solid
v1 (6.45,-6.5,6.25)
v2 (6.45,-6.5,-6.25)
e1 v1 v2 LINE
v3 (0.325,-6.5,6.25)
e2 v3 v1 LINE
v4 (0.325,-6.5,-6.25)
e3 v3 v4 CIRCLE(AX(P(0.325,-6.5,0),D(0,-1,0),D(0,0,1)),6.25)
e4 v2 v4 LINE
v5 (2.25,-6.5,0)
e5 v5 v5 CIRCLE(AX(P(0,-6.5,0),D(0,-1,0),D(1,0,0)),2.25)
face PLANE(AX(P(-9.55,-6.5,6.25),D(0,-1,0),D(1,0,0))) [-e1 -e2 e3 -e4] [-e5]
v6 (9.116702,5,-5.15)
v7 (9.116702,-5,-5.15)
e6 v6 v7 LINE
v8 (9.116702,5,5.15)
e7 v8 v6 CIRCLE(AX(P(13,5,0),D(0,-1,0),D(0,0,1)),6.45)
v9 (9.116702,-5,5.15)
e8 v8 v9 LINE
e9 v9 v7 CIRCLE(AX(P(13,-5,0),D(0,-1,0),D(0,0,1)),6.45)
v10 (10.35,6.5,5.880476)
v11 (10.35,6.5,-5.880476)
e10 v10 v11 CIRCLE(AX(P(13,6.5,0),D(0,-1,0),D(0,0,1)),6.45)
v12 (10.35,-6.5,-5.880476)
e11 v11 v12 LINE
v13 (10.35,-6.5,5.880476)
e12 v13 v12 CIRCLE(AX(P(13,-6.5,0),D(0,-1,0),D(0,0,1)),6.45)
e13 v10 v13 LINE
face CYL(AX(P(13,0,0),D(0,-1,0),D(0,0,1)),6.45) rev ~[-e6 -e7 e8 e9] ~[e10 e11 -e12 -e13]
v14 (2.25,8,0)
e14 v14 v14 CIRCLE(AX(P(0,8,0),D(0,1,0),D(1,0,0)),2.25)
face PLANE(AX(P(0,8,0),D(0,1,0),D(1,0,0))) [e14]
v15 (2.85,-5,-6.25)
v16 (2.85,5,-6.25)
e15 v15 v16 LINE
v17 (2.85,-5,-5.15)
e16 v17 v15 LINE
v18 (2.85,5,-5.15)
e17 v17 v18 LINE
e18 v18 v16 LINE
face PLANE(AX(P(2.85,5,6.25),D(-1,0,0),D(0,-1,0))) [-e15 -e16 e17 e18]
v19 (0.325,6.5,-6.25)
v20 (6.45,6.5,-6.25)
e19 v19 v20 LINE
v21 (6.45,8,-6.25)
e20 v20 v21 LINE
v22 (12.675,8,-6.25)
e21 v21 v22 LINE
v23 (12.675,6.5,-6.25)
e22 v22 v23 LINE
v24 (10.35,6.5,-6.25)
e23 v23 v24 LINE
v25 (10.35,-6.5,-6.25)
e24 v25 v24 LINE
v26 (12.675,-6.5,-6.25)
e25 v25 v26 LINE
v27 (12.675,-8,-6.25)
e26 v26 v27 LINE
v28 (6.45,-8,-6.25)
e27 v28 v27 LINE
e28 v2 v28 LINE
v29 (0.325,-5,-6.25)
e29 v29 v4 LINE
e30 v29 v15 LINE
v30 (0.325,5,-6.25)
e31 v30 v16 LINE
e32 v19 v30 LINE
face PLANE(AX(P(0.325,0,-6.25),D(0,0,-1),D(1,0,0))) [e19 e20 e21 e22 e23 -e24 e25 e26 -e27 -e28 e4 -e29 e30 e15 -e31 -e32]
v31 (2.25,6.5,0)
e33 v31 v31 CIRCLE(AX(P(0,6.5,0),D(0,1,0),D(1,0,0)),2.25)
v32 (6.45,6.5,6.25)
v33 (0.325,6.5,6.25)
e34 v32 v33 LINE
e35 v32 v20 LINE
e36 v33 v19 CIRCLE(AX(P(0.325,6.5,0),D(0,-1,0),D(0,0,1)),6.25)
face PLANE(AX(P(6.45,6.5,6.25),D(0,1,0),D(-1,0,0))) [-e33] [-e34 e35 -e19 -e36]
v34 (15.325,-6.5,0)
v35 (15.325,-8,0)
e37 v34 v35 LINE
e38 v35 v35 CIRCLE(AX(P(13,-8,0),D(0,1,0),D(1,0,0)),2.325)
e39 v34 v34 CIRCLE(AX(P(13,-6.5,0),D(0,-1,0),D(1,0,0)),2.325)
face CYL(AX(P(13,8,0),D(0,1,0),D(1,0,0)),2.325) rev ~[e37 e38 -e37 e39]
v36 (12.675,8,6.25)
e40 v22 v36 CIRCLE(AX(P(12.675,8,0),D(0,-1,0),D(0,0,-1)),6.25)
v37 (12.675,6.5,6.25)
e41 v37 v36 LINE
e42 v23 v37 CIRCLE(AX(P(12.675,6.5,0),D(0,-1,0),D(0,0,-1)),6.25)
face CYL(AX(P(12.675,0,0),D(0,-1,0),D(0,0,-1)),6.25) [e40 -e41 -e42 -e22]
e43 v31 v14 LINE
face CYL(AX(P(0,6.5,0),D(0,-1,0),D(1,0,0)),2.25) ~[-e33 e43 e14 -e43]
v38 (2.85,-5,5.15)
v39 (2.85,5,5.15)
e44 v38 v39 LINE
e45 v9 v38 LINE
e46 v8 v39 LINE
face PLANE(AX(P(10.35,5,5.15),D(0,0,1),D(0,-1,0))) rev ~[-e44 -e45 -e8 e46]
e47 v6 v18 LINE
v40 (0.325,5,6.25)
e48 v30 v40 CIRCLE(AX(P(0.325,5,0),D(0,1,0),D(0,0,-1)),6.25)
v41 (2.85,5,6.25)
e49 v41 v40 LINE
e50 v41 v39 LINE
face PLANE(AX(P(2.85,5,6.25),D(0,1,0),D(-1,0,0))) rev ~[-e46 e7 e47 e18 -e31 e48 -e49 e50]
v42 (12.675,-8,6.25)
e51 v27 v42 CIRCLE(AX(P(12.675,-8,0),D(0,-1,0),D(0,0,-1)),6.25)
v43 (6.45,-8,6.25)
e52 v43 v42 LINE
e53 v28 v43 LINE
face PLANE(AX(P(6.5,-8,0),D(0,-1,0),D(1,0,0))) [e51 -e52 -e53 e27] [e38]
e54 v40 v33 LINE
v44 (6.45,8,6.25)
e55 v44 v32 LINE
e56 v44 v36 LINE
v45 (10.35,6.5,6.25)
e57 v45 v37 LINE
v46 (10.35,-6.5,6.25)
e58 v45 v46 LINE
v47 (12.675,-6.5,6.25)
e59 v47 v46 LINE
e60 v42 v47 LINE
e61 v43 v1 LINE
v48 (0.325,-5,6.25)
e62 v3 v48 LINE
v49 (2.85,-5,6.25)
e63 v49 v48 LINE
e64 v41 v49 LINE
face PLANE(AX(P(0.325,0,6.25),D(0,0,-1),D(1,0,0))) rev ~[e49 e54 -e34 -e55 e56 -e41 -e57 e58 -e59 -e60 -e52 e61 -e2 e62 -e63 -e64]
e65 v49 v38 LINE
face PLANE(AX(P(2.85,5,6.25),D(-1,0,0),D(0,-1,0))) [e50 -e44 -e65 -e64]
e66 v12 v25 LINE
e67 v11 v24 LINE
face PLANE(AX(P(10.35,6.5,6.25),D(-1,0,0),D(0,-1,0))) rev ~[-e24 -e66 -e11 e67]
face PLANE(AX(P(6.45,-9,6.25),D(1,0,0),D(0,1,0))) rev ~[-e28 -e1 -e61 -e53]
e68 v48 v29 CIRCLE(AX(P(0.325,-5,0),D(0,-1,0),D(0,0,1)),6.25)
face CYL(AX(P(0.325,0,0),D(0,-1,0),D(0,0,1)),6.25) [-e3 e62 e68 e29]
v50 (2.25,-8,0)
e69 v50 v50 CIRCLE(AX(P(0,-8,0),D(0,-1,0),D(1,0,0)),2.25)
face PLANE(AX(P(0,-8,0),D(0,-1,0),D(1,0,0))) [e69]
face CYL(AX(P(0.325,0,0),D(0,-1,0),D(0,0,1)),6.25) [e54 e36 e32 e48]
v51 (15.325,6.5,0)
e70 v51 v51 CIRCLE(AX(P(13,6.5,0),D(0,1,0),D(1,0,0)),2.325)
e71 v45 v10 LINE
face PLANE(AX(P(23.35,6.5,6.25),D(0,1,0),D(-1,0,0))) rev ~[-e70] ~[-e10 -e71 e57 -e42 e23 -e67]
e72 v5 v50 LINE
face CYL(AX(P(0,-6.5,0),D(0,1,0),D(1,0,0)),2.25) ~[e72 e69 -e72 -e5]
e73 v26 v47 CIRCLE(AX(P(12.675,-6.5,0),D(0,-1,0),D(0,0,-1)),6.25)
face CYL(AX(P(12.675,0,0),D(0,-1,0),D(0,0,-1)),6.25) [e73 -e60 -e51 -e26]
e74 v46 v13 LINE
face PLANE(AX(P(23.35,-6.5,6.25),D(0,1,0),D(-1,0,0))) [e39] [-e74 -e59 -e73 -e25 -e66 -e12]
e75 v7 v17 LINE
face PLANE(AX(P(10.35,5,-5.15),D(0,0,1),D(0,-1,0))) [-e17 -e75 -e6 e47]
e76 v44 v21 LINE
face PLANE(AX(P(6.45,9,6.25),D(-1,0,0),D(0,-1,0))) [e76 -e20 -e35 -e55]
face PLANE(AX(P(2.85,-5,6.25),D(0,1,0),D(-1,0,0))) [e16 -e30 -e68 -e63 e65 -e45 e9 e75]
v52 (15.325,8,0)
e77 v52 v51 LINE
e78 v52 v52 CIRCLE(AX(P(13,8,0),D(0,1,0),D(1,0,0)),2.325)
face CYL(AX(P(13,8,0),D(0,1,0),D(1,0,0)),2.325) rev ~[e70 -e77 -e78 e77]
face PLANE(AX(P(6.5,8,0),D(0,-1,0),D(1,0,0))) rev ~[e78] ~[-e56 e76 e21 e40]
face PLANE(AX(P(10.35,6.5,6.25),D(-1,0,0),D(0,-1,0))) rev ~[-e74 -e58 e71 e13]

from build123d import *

# Parameters (mm, degrees)
PAD001005_DEPTH = 6.5
PAD001007_DEPTH = 8
SKETCH034_W     = 16
SKETCH034_H     = 2.5
POCKET024_DEPTH = 12.501
SKETCH036_W     = 10
SKETCH036_H     = 10
POCKET025_DEPTH = 12.501
SKETCH035_W     = 13
SKETCH035_H     = 13
POCKET026_DEPTH = 12.501
SKETCH033_R     = 2.25
PAD001006_DEPTH = 1.5
SKETCH032_R     = 2.25
PAD001004_DEPTH = 1.5
SKETCH006_R     = 2.325
POCKET023_DEPTH = 16.001
SKETCH030_W     = 10.3
SKETCH030_H     = 10
POCKET022_DEPTH = 16.276


with BuildPart() as inner_room_male:
    # Sketch029 → Pad001005 (new body, symmetric)
    with BuildSketch(Plane.XZ):
        with BuildLine():
            ThreePointArc((13, 6.45), (6.55, 0), (13, -6.45))
            Line((13, 6.45), (13, -6.45))
        make_face()
    extrude(amount=PAD001005_DEPTH, both=True)


with BuildPart() as cable_chain_link:
    # Sketch031 → Pad001007 (new body, symmetric)
    with BuildSketch(Plane.XZ):
        with BuildLine():
            ThreePointArc((0.325, 6.25), (-5.925, 0), (0.325, -6.25))
            Line((0.325, -6.25), (12.675, -6.25))
            ThreePointArc((12.675, -6.25), (18.925, 0), (12.675, 6.25))
            Line((0.325, 6.25), (12.675, 6.25))
        make_face()
    extrude(amount=PAD001007_DEPTH, both=True)

    # Sketch034 (on Face4 of Pad001007) → Pocket024 (cut, through all)
    with BuildSketch(Plane(origin=(0, 0, 6.25), x_dir=(-1, 0, 0), z_dir=(0, 0, 1))):
        Polygon((9.55, 8), (9.55, 6.5), (-6.45, 6.5), (-6.45, 8), (-6.45, 9), (9.55, 9), align=None)
        with Locations((1.55, -7.75)):
            Rectangle(SKETCH034_W, SKETCH034_H)
    extrude(amount=-POCKET024_DEPTH, mode=Mode.SUBTRACT)

    # Sketch036 (on Face5 of Pocket024) → Pocket025 (cut, through all)
    with BuildSketch(Plane(origin=(0, 0, 6.25), x_dir=(-1, 0, 0), z_dir=(0, 0, 1))):
        with Locations((2.15, 0)):
            Rectangle(SKETCH036_W, SKETCH036_H)
    extrude(amount=-POCKET025_DEPTH, mode=Mode.SUBTRACT)

    # Sketch035 (on Face4 of Pocket025) → Pocket026 (cut, through all)
    with BuildSketch(Plane(origin=(0, 0, 6.25), x_dir=(-1, 0, 0), z_dir=(0, 0, 1))):
        with Locations((-16.85, 0)):
            Rectangle(SKETCH035_W, SKETCH035_H)
    extrude(amount=-POCKET026_DEPTH, mode=Mode.SUBTRACT)

    # Sketch033 (on Face14 of Pocket026) → Pad001006 (new body)
    with BuildSketch(Plane.XZ.offset(6.5)):
        Circle(SKETCH033_R)
    extrude(amount=PAD001006_DEPTH)

    # Sketch032 (on Face5 of Pad001006) → Pad001004 (new body)
    with BuildSketch(Plane(origin=(0, 6.5, 0), x_dir=(1, 0, 0), z_dir=(0, 1, 0))):
        Circle(SKETCH032_R)
    extrude(amount=PAD001004_DEPTH)

    # Sketch006 (on Face6 of Pad001004) → Pocket023 (cut, through all)
    with BuildSketch(Plane(origin=(0, 8, 0), x_dir=(1, 0, 0), z_dir=(0, 1, 0))):
        with Locations((13, 0)):
            Circle(SKETCH006_R)
    extrude(amount=-POCKET023_DEPTH, mode=Mode.SUBTRACT)

    # Sketch030 (on Face9 of Pocket023) → Pocket022 (cut, through all)
    with BuildSketch(Plane(origin=(10.35, 0, 0), x_dir=(0, 0, 1), z_dir=(1, 0, 0))):
        Rectangle(SKETCH030_W, SKETCH030_H)
    extrude(amount=-POCKET022_DEPTH, mode=Mode.SUBTRACT)

    # Cut003003: cut inner-room-male
    add(inner_room_male.part, mode=Mode.SUBTRACT)


solid = cable_chain_link.part
